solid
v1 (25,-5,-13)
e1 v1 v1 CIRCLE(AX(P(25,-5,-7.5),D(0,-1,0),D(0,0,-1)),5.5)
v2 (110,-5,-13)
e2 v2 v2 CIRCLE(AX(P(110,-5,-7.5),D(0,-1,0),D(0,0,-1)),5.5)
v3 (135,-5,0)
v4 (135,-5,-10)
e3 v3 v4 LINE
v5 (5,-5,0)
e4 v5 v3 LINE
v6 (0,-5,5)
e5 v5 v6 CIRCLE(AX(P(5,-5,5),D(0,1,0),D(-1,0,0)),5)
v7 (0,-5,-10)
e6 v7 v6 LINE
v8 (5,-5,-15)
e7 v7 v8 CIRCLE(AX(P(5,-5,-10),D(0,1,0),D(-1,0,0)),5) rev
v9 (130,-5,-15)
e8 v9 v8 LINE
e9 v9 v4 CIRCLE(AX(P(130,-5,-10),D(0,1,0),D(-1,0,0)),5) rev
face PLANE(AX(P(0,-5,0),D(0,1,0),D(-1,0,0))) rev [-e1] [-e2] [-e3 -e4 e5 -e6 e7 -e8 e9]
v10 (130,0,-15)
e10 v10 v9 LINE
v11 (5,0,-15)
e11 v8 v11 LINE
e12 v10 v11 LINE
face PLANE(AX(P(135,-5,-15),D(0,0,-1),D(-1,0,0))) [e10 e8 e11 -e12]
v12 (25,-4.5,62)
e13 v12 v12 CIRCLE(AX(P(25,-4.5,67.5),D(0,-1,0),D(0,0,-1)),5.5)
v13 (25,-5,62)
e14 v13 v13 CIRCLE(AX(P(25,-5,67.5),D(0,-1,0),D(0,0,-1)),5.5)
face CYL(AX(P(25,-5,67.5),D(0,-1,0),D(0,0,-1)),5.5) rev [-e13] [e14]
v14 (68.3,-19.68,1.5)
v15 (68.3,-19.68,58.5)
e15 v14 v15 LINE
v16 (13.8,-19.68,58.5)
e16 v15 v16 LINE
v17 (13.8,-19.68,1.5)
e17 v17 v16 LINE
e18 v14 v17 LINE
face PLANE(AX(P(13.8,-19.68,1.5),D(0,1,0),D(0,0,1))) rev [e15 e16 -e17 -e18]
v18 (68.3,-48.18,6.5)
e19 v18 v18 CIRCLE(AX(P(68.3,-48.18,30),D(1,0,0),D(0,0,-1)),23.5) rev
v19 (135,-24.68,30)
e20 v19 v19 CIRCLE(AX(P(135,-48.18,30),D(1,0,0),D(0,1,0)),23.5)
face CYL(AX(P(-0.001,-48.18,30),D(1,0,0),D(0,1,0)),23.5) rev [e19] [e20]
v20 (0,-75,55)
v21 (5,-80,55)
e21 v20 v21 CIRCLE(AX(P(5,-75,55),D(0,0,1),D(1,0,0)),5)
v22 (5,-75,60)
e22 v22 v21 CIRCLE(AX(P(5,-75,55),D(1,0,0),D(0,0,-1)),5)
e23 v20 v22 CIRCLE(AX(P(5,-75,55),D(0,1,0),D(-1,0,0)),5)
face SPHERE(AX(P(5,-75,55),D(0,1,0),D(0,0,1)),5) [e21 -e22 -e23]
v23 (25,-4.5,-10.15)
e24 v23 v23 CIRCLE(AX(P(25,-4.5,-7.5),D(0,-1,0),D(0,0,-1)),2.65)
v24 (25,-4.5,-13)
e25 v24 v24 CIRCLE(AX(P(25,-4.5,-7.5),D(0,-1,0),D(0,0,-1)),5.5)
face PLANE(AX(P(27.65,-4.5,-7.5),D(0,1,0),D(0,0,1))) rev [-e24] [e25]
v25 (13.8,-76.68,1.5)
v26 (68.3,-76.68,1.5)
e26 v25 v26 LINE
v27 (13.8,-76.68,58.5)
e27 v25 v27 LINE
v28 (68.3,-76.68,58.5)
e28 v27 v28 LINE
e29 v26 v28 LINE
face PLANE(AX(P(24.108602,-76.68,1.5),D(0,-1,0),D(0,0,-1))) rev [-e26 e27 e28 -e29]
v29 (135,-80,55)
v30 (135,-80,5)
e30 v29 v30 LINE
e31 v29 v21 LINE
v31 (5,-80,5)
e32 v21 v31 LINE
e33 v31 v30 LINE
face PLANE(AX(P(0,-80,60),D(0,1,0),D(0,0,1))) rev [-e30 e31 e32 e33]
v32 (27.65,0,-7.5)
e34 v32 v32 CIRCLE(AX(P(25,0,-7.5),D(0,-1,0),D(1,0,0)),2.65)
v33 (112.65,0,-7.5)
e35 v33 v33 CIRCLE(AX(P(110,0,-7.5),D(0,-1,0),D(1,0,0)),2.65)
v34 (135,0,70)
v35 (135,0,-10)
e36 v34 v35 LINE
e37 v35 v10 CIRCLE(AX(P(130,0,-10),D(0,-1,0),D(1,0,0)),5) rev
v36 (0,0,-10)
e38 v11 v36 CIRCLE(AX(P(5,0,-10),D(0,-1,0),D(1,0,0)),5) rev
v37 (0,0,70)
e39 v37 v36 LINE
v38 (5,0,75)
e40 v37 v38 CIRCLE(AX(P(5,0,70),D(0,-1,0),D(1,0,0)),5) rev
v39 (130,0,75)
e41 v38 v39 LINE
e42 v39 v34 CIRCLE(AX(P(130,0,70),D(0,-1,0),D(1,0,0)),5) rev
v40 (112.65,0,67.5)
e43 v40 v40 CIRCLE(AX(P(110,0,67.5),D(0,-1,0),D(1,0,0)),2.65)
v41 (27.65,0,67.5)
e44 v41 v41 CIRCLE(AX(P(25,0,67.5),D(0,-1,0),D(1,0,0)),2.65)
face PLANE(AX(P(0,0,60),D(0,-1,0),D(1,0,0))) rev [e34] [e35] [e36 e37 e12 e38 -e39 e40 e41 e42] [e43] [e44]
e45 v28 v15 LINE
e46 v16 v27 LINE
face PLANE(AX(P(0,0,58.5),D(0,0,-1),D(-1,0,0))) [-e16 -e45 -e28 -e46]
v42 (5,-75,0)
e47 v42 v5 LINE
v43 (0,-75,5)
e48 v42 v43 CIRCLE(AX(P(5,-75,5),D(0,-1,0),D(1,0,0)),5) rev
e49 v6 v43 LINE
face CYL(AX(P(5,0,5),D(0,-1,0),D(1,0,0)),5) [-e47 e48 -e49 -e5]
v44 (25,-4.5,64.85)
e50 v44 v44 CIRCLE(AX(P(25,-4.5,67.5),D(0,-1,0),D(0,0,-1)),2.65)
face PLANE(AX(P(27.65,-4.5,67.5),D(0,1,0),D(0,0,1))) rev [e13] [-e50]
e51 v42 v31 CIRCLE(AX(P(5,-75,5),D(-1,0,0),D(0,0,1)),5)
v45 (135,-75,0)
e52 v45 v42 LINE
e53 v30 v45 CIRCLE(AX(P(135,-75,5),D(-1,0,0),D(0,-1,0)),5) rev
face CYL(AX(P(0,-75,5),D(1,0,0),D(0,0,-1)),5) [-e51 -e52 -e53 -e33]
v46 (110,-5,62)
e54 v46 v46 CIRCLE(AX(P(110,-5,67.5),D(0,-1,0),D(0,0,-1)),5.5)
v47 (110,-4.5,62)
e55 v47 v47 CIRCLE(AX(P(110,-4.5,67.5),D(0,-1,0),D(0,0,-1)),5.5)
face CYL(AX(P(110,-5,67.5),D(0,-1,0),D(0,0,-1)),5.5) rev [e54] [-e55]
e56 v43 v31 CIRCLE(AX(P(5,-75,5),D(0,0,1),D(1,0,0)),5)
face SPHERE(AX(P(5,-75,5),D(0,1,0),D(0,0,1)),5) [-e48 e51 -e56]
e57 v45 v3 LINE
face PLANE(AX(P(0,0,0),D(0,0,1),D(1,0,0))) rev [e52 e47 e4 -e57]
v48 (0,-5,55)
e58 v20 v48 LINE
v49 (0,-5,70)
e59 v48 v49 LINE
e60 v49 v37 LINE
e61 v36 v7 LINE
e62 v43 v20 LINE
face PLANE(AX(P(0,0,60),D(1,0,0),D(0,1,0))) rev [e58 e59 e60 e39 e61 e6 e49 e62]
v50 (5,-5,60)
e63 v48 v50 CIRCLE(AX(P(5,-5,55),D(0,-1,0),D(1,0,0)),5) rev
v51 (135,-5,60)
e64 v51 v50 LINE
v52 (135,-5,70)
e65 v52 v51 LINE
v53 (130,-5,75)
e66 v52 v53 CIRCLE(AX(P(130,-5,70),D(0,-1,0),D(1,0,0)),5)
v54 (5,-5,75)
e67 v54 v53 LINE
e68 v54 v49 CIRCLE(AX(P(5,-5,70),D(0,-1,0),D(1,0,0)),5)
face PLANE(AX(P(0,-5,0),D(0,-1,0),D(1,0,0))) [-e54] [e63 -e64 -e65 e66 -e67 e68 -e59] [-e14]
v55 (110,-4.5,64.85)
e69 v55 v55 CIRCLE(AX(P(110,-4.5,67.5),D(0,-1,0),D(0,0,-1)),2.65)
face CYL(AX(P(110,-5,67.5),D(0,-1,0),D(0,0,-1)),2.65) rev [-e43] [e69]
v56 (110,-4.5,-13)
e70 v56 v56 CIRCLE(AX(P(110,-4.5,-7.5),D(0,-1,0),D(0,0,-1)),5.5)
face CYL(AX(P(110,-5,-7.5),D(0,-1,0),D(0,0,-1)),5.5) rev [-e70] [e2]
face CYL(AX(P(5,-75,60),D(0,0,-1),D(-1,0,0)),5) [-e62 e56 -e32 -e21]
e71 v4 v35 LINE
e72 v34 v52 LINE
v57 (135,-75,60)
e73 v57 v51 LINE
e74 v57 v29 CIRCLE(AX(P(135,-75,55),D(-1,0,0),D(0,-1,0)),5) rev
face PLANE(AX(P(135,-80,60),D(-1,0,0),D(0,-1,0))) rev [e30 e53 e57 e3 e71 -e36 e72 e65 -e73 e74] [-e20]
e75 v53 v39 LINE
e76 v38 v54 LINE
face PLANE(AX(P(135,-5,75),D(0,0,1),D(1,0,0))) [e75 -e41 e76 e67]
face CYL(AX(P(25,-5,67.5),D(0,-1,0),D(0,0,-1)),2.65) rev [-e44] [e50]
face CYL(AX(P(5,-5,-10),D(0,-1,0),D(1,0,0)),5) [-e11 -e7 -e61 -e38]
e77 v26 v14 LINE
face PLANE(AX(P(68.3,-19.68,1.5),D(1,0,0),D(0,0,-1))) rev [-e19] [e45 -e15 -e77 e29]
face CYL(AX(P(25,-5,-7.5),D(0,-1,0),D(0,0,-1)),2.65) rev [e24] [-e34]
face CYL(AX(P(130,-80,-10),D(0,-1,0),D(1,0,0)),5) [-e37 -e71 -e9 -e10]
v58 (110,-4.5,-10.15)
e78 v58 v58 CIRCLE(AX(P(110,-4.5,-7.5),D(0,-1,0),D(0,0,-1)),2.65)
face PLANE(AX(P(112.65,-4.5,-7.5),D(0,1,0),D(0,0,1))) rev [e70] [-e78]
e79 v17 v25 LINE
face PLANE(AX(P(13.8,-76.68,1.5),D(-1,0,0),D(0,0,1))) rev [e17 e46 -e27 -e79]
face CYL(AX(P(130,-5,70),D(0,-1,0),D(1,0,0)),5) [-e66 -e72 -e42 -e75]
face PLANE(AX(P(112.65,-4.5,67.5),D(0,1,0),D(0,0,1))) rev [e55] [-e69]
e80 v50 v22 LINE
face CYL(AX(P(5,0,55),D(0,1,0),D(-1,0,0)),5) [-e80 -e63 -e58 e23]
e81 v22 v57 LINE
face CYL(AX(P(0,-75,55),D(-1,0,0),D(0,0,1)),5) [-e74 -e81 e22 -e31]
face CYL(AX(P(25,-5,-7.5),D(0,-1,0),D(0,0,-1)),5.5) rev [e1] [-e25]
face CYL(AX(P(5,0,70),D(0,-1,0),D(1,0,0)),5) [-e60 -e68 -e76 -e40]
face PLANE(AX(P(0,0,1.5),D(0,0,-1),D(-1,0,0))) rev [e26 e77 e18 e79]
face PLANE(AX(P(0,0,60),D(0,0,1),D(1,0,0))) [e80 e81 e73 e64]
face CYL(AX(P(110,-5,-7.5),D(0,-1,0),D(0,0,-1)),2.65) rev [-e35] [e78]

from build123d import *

# Parameters (mm, degrees)
SKETCH_1_W          = 135
SKETCH_1_H          = 80
EXTRUDE_1_DEPTH     = 60
CUT_EXTRUDE_START   = -1.5
CUT_EXTRUDE_1_DEPTH = 57
CUT_EXTRUDE_2_REACH = 170.003
SKETCH_4_R          = 23.5
SKETCH_5_W          = 135
SKETCH_5_H          = 15
EXTRUDE_2_DEPTH     = 5
M5_C_1_D            = 5.3
M5_C_1_DEPTH        = 5.2
M5_C_1_CBORE_D      = 11
M5_C_1_CBORE_DEPTH  = 0.5
M5_C_1_TIP          = 1.59228064
FILLET_1_R          = 5
FILLET_2_R          = 5
FILLET_3_R          = 5


with BuildPart() as part:
    # 草图1 → 凸台-拉伸1 (new body)
    with BuildSketch(Plane.XY):
        with Locations((67.5, -40)):
            Rectangle(SKETCH_1_W, SKETCH_1_H)
    extrude(amount=EXTRUDE_1_DEPTH)

    # 草图2 → 切除-拉伸1 (cut)
    with BuildSketch(Plane.XY.offset(60).offset(CUT_EXTRUDE_START)):
        Polygon((24.108601621, -76.68), (13.8, -76.68), (13.8, -19.68), (68.3, -19.68), (68.3, -76.68), align=None)
    extrude(amount=-CUT_EXTRUDE_1_DEPTH, mode=Mode.SUBTRACT)

    # 草图4 → 切除-拉伸2 (cut, up to next)
    with BuildSketch(Plane(origin=(135, 0, 0), x_dir=(0, 0, -1), z_dir=(1, 0, 0)), mode=Mode.PRIVATE) as cut_extrude_2_sk1:
        with Locations(Location((-30, -48.18, 0), (0, 0, 90))):
            Circle(SKETCH_4_R)
    cut_extrude_2_tool1 = extrude(cut_extrude_2_sk1.sketch, amount=-CUT_EXTRUDE_2_REACH, mode=Mode.PRIVATE) & part.part
    add(cut_extrude_2_tool1.solids().sort_by_distance((135, -48.18, 30))[0], mode=Mode.SUBTRACT)

    # 草图5 → 凸台-拉伸2 (add)
    with BuildSketch(Plane(origin=(0, 0, 0), x_dir=(1, 0, 0), z_dir=(0, 1, 0))):
        with Locations((67.5, 7.5)):
            Rectangle(SKETCH_5_W, SKETCH_5_H)
        with Locations((67.5, -67.5)):
            Rectangle(SKETCH_5_W, SKETCH_5_H)
    extrude(amount=-EXTRUDE_2_DEPTH)

    # M5 六角头螺栓C级的柱形沉头孔1
    with Locations(Plane(origin=(0, -5, 0), x_dir=(-1, 0, 0), z_dir=(0, -1, 0))):
        with Locations((-110, 7.5), (-25, 7.5), (-110, -67.5), (-25, -67.5)):
            CounterBoreHole(M5_C_1_D / 2, M5_C_1_CBORE_D / 2, M5_C_1_CBORE_DEPTH, depth=M5_C_1_DEPTH)
            with Locations((0, 0, -(M5_C_1_DEPTH + M5_C_1_TIP / 2))):  # 118° drill point
                Cone(0, M5_C_1_D / 2, M5_C_1_TIP, mode=Mode.SUBTRACT)

    # 圆角1
    fillet_1_edges = [part.edges().sort_by_distance(p)[0] for p in [
        (0, -42.5, 0),
        (0, -42.5, 60),
    ]]
    fillet(fillet_1_edges, radius=FILLET_1_R)

    # 圆角2
    fillet_2_edges = [part.edges().sort_by_distance(p)[0] for p in [
        (70, -80, 60),
        (70, -80, 0),
        (0, -80, 30),
        (1.464466094, -80, 1.464466094),
        (1.464466094, -80, 58.535533906),
    ]]
    fillet(fillet_2_edges, radius=FILLET_2_R)

    # 圆角3
    fillet_3_edges = [part.edges().sort_by_distance(p)[0] for p in [
        (0, -2.5, -15),
        (135, -2.5, -15),
        (135, -2.5, 75),
        (0, -2.5, 75),
    ]]
    fillet(fillet_3_edges, radius=FILLET_3_R)


solid = part.part
